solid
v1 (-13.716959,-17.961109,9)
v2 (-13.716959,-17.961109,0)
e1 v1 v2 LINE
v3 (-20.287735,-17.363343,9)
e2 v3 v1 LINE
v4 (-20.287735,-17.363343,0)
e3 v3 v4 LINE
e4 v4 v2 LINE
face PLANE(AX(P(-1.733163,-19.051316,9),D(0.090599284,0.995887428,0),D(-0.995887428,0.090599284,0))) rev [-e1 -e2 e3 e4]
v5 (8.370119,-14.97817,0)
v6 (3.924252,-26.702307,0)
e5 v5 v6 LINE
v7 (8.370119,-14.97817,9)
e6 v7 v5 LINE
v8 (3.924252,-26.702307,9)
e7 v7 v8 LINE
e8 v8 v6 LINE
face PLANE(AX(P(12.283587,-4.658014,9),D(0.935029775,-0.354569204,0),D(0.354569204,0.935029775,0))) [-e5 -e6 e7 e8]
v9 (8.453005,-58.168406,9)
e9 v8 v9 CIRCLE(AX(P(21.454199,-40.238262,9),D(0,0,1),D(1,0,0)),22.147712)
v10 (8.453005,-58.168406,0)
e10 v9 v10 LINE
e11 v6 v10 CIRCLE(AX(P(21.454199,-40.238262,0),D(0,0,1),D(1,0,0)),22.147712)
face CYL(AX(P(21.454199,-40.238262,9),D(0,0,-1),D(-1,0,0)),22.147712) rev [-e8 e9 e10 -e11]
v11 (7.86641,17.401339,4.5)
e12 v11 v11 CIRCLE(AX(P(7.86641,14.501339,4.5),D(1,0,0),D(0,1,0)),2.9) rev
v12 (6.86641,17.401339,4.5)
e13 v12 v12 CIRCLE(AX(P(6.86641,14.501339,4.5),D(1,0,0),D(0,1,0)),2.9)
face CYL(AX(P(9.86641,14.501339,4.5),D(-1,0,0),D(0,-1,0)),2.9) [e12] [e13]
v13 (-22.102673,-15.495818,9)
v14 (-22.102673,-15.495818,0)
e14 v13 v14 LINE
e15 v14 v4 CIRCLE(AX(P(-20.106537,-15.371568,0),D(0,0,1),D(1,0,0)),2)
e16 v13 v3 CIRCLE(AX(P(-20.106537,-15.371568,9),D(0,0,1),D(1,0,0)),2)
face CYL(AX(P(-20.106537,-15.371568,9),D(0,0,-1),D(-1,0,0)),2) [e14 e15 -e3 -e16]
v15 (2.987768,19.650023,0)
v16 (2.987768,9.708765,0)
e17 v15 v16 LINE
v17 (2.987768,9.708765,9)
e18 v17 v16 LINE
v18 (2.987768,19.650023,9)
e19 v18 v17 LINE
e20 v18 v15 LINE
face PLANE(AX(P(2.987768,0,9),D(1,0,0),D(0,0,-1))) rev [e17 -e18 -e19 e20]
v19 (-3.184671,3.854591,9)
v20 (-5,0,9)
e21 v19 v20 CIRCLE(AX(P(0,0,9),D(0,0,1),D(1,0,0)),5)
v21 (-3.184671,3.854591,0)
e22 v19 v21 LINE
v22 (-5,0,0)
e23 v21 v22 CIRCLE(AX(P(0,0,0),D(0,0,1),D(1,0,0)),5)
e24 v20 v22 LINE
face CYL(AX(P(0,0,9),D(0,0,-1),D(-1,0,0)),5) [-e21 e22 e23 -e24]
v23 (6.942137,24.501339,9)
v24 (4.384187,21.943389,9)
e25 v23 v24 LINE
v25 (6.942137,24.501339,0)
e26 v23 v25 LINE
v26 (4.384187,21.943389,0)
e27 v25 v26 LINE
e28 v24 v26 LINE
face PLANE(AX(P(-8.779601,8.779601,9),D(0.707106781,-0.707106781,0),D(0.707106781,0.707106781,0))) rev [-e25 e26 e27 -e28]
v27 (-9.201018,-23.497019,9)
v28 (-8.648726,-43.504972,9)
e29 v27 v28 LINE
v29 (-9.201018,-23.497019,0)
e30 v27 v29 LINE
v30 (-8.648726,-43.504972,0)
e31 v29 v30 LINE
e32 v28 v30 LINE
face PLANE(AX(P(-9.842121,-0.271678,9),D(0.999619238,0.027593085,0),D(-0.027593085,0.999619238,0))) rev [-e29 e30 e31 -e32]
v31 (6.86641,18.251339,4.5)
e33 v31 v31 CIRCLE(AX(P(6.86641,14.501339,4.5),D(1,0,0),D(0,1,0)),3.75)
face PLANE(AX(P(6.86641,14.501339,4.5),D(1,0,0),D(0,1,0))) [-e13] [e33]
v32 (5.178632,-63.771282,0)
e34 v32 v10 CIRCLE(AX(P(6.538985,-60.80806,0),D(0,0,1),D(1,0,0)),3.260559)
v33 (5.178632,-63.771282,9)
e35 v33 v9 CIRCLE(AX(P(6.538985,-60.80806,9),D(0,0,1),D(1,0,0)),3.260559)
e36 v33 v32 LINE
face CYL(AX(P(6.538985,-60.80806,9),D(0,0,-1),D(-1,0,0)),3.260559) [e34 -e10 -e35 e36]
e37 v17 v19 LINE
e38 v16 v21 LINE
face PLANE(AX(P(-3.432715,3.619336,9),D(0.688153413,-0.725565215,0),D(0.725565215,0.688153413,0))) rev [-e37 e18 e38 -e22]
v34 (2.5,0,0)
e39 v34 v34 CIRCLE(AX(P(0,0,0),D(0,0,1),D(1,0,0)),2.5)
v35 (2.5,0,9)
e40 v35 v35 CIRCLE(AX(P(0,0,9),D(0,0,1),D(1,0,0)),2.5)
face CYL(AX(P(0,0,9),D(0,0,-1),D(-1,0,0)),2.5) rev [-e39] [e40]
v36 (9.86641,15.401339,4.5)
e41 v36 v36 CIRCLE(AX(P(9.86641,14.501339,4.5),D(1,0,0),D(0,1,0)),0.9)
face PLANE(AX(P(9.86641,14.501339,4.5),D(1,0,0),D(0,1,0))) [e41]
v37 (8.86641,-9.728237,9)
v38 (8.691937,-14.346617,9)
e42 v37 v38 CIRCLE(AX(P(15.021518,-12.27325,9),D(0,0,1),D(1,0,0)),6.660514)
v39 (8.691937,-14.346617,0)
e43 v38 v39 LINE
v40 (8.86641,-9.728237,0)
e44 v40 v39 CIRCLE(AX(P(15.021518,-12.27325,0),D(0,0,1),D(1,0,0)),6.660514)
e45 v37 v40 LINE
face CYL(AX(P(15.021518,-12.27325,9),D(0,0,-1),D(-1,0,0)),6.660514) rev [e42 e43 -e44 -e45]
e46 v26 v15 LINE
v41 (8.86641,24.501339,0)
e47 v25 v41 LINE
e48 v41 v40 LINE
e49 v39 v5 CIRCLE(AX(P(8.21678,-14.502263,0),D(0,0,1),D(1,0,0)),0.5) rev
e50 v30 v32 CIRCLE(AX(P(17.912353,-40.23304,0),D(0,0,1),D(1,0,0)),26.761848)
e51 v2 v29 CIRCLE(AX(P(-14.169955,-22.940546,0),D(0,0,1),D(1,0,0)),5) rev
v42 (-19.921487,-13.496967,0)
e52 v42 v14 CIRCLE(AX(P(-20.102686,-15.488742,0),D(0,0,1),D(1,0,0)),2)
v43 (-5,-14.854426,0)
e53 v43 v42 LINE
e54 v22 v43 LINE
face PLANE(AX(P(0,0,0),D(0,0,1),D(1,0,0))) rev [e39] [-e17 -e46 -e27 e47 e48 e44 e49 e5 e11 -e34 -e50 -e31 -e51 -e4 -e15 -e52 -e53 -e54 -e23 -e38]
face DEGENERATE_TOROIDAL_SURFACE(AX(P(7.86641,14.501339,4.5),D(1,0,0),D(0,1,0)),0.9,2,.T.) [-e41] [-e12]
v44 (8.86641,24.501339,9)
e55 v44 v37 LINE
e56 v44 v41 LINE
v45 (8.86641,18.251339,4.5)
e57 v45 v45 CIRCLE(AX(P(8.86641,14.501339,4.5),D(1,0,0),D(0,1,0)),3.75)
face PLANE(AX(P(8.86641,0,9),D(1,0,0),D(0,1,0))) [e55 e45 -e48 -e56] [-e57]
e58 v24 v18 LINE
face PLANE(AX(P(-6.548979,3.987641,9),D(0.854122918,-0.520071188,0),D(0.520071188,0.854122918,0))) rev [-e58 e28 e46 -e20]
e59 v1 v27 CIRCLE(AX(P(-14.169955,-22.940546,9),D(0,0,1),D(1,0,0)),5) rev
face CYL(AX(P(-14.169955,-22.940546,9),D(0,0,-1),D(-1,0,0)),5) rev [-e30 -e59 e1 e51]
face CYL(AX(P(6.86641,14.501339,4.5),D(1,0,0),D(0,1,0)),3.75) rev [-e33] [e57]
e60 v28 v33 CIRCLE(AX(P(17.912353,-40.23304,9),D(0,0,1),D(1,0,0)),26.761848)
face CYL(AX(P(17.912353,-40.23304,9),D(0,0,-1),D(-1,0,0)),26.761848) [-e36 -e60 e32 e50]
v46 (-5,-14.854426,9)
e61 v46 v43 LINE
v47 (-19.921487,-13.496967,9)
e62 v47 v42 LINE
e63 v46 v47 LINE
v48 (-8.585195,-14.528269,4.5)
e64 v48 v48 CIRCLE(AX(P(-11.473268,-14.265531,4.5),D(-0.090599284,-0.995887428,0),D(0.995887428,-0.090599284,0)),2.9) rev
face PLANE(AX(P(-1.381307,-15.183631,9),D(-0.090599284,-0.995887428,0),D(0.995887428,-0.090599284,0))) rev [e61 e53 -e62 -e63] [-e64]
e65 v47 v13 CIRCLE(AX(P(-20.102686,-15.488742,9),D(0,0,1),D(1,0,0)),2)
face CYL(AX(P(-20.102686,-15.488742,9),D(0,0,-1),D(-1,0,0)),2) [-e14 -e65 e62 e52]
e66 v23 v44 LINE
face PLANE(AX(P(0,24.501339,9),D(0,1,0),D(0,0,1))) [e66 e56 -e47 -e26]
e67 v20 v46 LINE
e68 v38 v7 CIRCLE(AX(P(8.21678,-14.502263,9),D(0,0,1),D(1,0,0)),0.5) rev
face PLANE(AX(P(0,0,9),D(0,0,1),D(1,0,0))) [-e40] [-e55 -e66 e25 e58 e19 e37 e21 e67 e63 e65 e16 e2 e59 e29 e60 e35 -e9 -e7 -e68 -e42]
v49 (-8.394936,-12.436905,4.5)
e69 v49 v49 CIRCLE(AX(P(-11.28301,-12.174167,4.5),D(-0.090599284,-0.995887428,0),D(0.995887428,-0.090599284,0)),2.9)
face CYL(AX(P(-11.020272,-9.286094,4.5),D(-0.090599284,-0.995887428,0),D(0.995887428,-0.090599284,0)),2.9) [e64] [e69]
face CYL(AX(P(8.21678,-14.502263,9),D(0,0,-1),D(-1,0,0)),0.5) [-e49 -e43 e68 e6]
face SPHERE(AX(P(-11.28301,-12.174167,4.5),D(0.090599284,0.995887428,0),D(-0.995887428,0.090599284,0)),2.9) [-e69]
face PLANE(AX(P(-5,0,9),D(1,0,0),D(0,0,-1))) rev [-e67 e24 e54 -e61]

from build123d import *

# Parameters (mm, degrees)
SKETCH_1_R          = 5
SKETCH_1_R_2        = 2.5
EXTRUDE_1_DEPTH     = 9
SKETCH_2_R          = 3.75
CUT_EXTRUDE_1_DEPTH = 2
SKETCH_3_R          = 2.9
EXTRUDE_2_DEPTH     = 3
FILLET_1_R          = 2
SKETCH_4_R          = 2.9
EXTRUDE_3_DEPTH     = 5
FILLET_2_R          = 2.9


with BuildPart() as part:
    # 스케치1 → 보스-돌출1 (new body)
    # profile 1 of 5: a face of its own
    with BuildSketch(Plane.XY):
        with BuildLine():
            Line((8.866410343, 21.94338903), (4.384187039, 21.94338903))
            Line((4.384187039, 21.94338903), (2.987768149, 19.65002342))
            Line((2.987768149, 19.65002342), (2.987768149, 17.661246793))
            Line((2.987768149, 17.661246793), (2.987768149, 9.70876495))
            Line((2.987768149, 9.70876495), (-3.184671245, 3.854590647))
            ThreePointArc((-3.184671245, 3.854590647), (2.13033375, 4.523458645), (5, 0))
            ThreePointArc((5, 0), (0, -5), (-5, 0))
            Line((-5, 0), (-5, -14.85442617))
            Line((-5, -14.85442617), (-19.921487255, -13.496967469))
            ThreePointArc((-19.921487255, -13.496967469), (-21.453925628, -14.014242075), (-22.102673306, -15.49581787))
            ThreePointArc((-22.102673306, -15.49581787), (-21.54079944, -16.765444299), (-20.287735083, -17.363343312))
            Line((-20.287735083, -17.363343312), (-13.716958703, -17.9611093))
            ThreePointArc((-13.716958703, -17.9611093), (-10.295562947, -19.77999502), (-9.201017746, -23.497018692))
            Line((-9.201017746, -23.497018692), (-8.648726299, -43.504972105))
            ThreePointArc((-8.648726299, -43.504972105), (-4.194233385, -55.315987694), (5.178631732, -63.771281648))
            ThreePointArc((5.178631732, -63.771281648), (9.354068035, -62.453221011), (8.453005262, -58.168406191))
            ThreePointArc((8.453005262, -58.168406191), (-0.467627925, -43.39335713), (3.924251711, -26.702306699))
            Line((3.924251711, -26.702306699), (8.3701186, -14.978169718))
            ThreePointArc((8.3701186, -14.978169718), (8.662275884, -14.729272874), (8.69193724, -14.346616734))
            ThreePointArc((8.69193724, -14.346616734), (8.365752146, -12.021808556), (8.866410343, -9.728236855))
            Line((8.866410343, -9.728236855), (8.866410343, 21.94338903))
        make_face()
    # profile 2 of 5: a face of its own
    with BuildSketch(Plane.XY):
        Circle(SKETCH_1_R)
        Circle(SKETCH_1_R_2, mode=Mode.SUBTRACT)
    # profile 3 of 5: a face of its own
    with BuildSketch(Plane.XY):
        with BuildLine():
            ThreePointArc((5, 0), (2.13033375, 4.523458645), (-3.184671245, 3.854590647))
            ThreePointArc((-3.184671245, 3.854590647), (-4.523458645, 2.13033375), (-5, 0))
            ThreePointArc((-5, 0), (0, -5), (5, 0))
        make_face()
        Circle(SKETCH_1_R_2, mode=Mode.SUBTRACT)
    # profile 4 of 5: a face of its own
    with BuildSketch(Plane.XY):
        Polygon((8.866410343, 24.501339074), (6.942137083, 24.501339074), (4.384187039, 21.94338903), (8.866410343, 21.94338903), align=None)
    # profile 5 of 5: a face of its own
    with BuildSketch(Plane.XY):
        with BuildLine():
            Line((8.866410343, 21.94338903), (4.384187039, 21.94338903))
            Line((4.384187039, 21.94338903), (2.987768149, 19.65002342))
            Line((2.987768149, 19.65002342), (2.987768149, 17.661246793))
            Line((2.987768149, 17.661246793), (2.987768149, 9.70876495))
            Line((2.987768149, 9.70876495), (-3.184671245, 3.854590647))
            ThreePointArc((-3.184671245, 3.854590647), (2.13033375, 4.523458645), (5, 0))
            ThreePointArc((5, 0), (0, -5), (-5, 0))
            Line((-5, 0), (-5, -14.85442617))
            Line((-5, -14.85442617), (-19.921487255, -13.496967469))
            ThreePointArc((-19.921487255, -13.496967469), (-21.453925628, -14.014242075), (-22.102673306, -15.49581787))
            ThreePointArc((-22.102673306, -15.49581787), (-21.54079944, -16.765444299), (-20.287735083, -17.363343312))
            Line((-20.287735083, -17.363343312), (-13.716958703, -17.9611093))
            ThreePointArc((-13.716958703, -17.9611093), (-10.295562947, -19.77999502), (-9.201017746, -23.497018692))
            Line((-9.201017746, -23.497018692), (-8.648726299, -43.504972105))
            ThreePointArc((-8.648726299, -43.504972105), (-4.194233385, -55.315987694), (5.178631732, -63.771281648))
            ThreePointArc((5.178631732, -63.771281648), (9.354068035, -62.453221011), (8.453005262, -58.168406191))
            ThreePointArc((8.453005262, -58.168406191), (-0.467627925, -43.39335713), (3.924251711, -26.702306699))
            Line((3.924251711, -26.702306699), (8.3701186, -14.978169718))
            ThreePointArc((8.3701186, -14.978169718), (8.662275884, -14.729272874), (8.69193724, -14.346616734))
            ThreePointArc((8.69193724, -14.346616734), (8.365752146, -12.021808556), (8.866410343, -9.728236855))
            Line((8.866410343, -9.728236855), (8.866410343, 21.94338903))
        make_face()
    extrude(amount=EXTRUDE_1_DEPTH)

    # 스케치2 → 컷-돌출1 (cut)
    with BuildSketch(Plane(origin=(8.866410343, 0, 0), x_dir=(0, 0, -1), z_dir=(1, 0, 0))):
        with Locations(Location((-4.5, 14.501339074, 0), (0, 0, 90))):
            Circle(SKETCH_2_R)
    extrude(amount=-CUT_EXTRUDE_1_DEPTH, mode=Mode.SUBTRACT)

    # 스케치3 → 보스-돌출2 (add)
    with BuildSketch(Plane(origin=(6.866410343, 0, 0), x_dir=(0, 0, -1), z_dir=(1, 0, 0))):
        with Locations(Location((-4.5, 14.501339074, 0), (0, 0, 90))):
            Circle(SKETCH_3_R)
    extrude(amount=EXTRUDE_2_DEPTH)

    # 필렛1
    fillet_1_edges = [part.edges().sort_by_distance(p)[0] for p in [
        (9.866410343, 11.601339074, 4.5),
    ]]
    fillet(fillet_1_edges, radius=FILLET_1_R)

    # 스케치4 → 보스-돌출3 (add)
    with BuildSketch(Plane(origin=(-1.381306819, -15.183631058, 0), x_dir=(0.995887428286197, -0.09059928355955607, 0), z_dir=(0.09059928355955607, 0.995887428286197, 0))):
        with Locations((-10.133636773, -4.5)):
            Circle(SKETCH_4_R)
    extrude(amount=EXTRUDE_3_DEPTH)

    # 필렛2
    fillet_2_edges = [part.edges().sort_by_distance(p)[0] for p in [
        (-13.908345408, -9.023355763, 4.5),
    ]]
    fillet(fillet_2_edges, radius=FILLET_2_R)


solid = part.part
